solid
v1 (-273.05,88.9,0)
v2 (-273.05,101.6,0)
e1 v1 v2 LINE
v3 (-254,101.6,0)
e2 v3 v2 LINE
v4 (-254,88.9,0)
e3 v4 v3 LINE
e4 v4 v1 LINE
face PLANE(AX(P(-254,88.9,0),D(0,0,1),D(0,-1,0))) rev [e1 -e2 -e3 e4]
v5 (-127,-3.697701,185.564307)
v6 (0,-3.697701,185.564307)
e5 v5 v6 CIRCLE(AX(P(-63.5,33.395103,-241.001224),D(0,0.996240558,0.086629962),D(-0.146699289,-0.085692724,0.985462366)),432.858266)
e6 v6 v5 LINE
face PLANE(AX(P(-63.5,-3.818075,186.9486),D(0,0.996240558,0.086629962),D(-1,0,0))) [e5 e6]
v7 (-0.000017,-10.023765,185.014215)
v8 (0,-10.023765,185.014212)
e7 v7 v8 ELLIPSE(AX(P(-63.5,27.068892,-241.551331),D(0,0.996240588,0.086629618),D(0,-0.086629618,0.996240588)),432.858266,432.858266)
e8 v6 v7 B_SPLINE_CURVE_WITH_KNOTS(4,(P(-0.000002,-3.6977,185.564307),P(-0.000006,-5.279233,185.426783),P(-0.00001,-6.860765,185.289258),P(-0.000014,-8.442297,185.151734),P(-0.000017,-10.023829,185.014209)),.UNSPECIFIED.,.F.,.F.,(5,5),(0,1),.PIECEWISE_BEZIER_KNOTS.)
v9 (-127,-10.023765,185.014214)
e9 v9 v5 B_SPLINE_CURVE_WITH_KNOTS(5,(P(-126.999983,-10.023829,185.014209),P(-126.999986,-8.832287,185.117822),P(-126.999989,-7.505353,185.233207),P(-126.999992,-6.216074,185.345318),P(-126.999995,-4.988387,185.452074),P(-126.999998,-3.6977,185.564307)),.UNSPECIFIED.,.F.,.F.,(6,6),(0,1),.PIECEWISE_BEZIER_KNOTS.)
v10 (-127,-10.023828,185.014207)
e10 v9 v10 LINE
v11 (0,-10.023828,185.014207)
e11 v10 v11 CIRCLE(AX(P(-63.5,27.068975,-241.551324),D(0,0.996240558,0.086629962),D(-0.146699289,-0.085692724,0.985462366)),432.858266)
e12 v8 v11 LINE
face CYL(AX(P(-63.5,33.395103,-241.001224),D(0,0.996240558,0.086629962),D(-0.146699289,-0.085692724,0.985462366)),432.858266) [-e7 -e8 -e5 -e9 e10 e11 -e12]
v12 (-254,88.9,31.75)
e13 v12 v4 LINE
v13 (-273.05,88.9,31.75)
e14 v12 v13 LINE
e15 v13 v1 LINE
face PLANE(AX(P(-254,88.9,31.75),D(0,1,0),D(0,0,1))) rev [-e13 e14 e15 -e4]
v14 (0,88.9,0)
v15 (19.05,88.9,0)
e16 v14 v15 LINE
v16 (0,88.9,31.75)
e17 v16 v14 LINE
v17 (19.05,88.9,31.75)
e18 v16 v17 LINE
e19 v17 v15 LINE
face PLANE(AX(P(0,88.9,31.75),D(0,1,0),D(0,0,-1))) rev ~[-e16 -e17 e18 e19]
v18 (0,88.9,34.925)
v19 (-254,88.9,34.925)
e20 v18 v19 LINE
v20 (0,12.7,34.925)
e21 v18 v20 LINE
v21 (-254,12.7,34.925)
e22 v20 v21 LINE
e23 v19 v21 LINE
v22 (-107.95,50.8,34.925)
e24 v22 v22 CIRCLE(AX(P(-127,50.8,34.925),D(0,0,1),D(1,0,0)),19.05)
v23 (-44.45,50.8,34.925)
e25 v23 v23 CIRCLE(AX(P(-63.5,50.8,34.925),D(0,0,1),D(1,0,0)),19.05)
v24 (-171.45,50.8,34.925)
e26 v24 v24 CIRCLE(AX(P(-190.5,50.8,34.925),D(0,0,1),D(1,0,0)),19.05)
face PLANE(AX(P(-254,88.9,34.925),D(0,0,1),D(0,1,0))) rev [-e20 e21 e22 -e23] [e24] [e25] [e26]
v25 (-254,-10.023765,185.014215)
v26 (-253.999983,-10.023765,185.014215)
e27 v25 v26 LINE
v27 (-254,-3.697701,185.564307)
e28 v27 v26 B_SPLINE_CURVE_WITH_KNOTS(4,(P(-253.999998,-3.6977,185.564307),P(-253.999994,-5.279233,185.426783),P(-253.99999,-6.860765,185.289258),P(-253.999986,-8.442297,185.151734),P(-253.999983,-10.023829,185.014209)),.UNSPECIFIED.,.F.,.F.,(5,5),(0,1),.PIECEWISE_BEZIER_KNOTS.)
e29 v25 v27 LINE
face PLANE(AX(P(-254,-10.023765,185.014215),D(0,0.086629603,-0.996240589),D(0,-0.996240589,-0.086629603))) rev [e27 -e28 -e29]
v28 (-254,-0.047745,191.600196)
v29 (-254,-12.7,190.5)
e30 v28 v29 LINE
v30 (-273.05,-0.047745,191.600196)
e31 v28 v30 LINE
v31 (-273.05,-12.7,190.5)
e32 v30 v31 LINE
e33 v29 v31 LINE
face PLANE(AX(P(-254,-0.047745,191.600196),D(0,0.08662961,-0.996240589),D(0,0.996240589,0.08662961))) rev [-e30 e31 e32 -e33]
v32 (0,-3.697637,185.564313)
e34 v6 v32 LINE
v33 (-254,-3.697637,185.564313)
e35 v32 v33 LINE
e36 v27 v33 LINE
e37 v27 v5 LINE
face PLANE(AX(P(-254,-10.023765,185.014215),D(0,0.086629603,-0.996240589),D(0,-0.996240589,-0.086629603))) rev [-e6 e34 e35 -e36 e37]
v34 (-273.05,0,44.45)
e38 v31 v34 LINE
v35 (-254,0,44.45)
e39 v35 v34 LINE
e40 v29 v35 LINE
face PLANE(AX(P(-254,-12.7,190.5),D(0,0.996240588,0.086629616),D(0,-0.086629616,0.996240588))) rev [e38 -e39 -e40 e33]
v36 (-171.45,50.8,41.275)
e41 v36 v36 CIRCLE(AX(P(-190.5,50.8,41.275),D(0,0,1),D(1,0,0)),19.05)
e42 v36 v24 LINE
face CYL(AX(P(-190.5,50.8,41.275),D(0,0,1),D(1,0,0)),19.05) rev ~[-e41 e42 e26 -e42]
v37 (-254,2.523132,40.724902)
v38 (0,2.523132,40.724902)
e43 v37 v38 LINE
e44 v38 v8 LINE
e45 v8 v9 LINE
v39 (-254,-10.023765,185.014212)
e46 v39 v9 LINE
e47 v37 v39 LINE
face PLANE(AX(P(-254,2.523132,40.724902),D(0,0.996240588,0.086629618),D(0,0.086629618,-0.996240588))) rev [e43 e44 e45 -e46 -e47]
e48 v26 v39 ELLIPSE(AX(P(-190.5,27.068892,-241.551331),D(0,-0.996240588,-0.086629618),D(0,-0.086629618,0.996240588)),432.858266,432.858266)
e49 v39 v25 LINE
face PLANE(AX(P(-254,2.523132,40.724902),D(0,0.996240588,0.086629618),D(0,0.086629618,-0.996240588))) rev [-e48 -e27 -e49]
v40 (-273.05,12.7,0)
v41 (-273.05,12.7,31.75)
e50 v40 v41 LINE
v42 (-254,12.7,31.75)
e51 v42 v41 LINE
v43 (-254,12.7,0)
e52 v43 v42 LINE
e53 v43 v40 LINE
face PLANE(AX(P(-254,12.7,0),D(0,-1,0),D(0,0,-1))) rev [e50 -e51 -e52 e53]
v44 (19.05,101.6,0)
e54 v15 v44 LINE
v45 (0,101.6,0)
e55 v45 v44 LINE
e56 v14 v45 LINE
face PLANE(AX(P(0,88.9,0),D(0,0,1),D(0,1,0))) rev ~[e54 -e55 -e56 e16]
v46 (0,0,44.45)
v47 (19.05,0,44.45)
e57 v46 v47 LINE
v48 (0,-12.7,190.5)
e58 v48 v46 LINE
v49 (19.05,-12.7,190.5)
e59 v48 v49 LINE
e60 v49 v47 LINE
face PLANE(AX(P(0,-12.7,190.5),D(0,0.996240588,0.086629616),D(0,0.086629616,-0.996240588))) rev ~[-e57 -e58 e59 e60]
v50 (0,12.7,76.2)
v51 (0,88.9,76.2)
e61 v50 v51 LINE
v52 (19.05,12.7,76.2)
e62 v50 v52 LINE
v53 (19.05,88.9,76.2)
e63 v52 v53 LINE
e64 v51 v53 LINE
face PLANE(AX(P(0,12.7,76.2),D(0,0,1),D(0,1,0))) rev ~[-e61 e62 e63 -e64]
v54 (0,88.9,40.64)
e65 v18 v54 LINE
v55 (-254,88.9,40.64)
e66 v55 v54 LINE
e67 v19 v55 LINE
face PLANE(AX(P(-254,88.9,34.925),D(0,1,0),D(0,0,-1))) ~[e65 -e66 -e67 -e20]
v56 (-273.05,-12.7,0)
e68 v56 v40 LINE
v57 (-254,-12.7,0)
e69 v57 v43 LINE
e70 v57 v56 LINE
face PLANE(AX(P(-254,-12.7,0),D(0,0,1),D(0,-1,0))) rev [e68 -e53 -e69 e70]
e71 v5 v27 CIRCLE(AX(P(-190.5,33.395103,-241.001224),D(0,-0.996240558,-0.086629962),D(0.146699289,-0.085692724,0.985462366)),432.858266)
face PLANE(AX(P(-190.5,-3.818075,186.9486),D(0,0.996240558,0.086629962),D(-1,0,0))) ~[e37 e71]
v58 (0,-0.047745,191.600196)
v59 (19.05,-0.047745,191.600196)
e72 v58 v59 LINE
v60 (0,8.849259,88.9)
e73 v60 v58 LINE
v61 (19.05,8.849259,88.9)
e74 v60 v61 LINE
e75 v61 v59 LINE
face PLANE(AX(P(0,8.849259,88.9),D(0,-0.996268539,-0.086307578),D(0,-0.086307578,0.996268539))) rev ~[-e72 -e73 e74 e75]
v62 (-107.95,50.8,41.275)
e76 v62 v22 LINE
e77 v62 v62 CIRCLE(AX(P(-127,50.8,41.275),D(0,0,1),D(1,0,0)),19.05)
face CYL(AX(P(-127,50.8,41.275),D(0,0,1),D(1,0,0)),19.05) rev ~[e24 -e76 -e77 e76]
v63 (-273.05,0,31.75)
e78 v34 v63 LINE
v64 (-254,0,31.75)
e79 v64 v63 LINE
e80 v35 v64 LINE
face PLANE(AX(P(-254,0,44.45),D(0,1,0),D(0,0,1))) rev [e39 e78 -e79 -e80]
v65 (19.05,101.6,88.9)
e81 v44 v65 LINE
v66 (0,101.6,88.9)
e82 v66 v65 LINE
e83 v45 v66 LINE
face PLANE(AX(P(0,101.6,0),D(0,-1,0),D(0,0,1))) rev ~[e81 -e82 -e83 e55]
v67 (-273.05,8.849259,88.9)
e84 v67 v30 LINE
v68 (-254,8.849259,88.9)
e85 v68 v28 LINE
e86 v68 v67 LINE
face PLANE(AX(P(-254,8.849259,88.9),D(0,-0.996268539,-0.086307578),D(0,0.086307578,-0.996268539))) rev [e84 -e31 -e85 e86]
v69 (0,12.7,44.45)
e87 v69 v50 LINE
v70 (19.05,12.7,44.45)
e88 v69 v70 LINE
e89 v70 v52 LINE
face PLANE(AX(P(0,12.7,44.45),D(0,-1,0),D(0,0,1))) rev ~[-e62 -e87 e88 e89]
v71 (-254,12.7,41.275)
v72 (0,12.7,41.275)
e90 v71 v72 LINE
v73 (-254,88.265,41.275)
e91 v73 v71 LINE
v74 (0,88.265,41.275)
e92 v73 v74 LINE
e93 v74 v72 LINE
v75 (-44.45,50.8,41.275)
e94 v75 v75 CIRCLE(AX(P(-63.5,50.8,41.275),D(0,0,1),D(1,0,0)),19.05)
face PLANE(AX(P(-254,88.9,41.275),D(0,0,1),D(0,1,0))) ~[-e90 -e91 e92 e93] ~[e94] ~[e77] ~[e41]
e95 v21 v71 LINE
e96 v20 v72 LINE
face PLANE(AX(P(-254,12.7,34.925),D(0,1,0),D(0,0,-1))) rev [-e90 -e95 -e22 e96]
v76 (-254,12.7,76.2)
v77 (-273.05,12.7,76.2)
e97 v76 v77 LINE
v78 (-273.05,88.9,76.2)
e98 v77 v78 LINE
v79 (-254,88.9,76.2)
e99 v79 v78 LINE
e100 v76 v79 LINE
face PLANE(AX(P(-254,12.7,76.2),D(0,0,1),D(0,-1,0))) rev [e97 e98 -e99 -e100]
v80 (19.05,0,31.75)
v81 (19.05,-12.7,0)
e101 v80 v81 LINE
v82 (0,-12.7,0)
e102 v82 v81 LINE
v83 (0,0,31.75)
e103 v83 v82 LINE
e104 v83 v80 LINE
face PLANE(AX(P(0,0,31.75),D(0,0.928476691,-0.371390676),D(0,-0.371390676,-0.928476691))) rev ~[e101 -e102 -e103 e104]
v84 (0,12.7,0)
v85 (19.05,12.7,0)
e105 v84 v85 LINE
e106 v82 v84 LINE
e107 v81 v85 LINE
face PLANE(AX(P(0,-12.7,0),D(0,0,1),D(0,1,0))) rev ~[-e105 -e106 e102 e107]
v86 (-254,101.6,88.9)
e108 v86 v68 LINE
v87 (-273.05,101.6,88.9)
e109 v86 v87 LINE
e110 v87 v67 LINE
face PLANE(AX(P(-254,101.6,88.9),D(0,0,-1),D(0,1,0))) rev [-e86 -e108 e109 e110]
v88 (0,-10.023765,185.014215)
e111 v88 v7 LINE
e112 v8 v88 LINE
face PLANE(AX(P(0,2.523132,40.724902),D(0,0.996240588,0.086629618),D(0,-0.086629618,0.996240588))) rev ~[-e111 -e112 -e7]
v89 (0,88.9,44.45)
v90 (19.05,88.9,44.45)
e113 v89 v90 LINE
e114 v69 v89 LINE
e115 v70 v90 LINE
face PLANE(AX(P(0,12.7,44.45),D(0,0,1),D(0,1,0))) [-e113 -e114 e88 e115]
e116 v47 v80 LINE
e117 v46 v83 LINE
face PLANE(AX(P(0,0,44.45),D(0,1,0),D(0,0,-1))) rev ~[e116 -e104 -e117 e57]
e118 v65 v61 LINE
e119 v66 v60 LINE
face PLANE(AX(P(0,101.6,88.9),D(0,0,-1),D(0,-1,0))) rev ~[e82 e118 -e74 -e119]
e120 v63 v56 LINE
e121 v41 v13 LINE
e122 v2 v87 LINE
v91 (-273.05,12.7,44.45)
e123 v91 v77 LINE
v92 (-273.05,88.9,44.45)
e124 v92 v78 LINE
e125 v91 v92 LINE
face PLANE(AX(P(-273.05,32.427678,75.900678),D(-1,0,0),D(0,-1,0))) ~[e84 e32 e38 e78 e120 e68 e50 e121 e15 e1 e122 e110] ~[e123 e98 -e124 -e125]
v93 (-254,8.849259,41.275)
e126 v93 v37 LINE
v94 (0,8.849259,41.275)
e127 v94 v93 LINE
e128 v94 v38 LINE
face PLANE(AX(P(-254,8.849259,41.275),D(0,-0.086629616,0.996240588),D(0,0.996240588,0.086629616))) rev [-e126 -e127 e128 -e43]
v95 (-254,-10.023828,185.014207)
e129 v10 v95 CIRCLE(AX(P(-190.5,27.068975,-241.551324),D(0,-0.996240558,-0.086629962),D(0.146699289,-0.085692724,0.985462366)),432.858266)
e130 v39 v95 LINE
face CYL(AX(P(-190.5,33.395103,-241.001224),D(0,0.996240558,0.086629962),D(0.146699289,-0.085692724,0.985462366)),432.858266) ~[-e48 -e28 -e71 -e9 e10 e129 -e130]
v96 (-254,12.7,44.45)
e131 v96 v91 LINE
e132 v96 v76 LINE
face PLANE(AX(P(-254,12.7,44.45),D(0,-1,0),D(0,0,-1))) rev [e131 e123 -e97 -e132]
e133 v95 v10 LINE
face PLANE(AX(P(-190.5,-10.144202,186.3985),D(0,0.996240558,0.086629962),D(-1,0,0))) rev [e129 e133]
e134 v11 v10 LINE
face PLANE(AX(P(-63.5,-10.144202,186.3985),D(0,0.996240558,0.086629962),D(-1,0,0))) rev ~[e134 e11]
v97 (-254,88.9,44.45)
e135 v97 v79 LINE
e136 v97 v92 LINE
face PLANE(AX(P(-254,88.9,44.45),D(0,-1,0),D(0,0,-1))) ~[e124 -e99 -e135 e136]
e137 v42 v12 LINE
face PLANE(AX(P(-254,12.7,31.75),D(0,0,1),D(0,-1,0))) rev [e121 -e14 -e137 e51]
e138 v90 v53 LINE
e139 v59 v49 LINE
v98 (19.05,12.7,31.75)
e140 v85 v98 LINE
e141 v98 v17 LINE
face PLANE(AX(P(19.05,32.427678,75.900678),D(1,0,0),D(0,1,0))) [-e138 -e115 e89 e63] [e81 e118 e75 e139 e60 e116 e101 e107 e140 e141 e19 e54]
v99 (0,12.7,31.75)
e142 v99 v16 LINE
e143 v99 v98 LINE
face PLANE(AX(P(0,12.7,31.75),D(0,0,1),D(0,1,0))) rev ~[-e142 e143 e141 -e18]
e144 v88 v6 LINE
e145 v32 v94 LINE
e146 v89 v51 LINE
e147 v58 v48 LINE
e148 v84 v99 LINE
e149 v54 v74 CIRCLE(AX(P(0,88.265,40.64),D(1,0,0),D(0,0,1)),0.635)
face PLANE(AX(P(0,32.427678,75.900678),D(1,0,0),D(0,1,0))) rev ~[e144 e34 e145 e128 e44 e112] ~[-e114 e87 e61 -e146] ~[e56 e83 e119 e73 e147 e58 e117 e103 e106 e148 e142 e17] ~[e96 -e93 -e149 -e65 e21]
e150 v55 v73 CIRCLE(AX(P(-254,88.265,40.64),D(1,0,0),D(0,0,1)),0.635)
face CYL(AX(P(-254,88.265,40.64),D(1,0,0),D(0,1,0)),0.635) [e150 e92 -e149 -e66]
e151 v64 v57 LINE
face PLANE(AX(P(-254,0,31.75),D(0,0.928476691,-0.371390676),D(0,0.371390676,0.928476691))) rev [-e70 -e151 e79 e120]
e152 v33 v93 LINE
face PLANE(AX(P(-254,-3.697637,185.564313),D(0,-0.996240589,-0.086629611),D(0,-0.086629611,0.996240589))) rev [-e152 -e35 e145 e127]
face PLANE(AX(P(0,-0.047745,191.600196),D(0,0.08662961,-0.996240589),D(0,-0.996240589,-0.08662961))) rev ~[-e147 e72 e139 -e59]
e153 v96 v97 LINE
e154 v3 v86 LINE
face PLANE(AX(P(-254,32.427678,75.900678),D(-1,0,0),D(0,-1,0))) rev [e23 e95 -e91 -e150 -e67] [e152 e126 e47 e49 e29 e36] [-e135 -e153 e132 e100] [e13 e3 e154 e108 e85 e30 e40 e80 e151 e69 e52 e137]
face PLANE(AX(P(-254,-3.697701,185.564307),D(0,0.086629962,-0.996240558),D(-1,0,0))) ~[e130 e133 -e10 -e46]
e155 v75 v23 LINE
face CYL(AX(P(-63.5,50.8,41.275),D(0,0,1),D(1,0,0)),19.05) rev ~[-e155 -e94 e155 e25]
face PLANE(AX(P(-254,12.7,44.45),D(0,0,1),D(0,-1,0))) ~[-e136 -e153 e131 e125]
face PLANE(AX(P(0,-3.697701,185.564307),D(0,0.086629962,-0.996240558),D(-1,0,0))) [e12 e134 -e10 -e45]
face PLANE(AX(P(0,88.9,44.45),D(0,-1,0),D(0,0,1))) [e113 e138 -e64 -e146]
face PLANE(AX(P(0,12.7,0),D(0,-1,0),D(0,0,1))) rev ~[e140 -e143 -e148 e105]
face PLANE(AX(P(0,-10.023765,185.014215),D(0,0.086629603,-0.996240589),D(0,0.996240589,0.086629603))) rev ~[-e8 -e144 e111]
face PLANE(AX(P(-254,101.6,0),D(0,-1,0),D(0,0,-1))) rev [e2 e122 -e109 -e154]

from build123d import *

# Parameters (mm, degrees)
F0_W     = 76.2
F0_H     = 31.75
F1_DEPTH = 19.05
F2_W     = 76.2
F2_H     = 6.35
F3_DEPTH = 127
F5_DEPTH = 6.35
F7_R     = 19.05
F8_DEPTH = 25.4
F9_R     = 0.635


with BuildPart() as f1:
    # F0 (on Right) → F1 (new body)
    with BuildSketch(Plane.YZ):
        Polygon((-12.7, 0), (0, 0), (12.7, 0), (12.7, 31.75), (88.9, 31.75), (88.9, 0), (101.6, 0), (101.6, 88.9), (8.849259, 88.9), (-0.047745, 191.600196), (-12.7, 190.5), (0, 44.45), (0, 31.75), align=None)
        with Locations((50.8, 60.325)):
            Rectangle(F0_W, F0_H, mode=Mode.SUBTRACT)
    extrude(amount=F1_DEPTH)

    # F2 (on face) → F3 (join)
    with BuildSketch(Plane(origin=(0, 0, 0), x_dir=(0, -1, 0), z_dir=(-1, 0, 0))):
        with Locations((-50.8, 38.1)):
            Rectangle(F2_W, F2_H)
        Polygon((3.697637, 185.564313), (-8.849259, 41.275), (-2.523132, 40.724902), (10.023765, 185.014215), align=None)
    extrude(amount=F3_DEPTH)

    # F4 (on face) → F5 (join)
    with BuildSketch(Plane(origin=(0, 12.345044, 1.073482), x_dir=(-1, 0, 0), z_dir=(0, 0.996241, 0.08663))):
        with BuildLine():
            Line((0, 185.187025), (127, 185.187025))
            ThreePointArc((127, 185.187025), (63.5, 189.87006), (0, 185.187025))
        make_face()
    extrude(amount=-F5_DEPTH)

    # F6: F1 across face


with BuildPart() as f1_1:
    add(f1.part)
    add(f1.part.mirror(Plane(origin=(-127, -0.587253, 113.144607), x_dir=(0, -1, 0), z_dir=(-1, 0, 0))))

    # F7 (on face) → F8 (cut)
    with BuildSketch(Plane.XY.offset(41.275)):
        with Locations((-190.5, 50.8)):
            Circle(F7_R)
        with Locations((-127, 50.8)):
            Circle(F7_R)
        with Locations((-63.5, 50.8)):
            Circle(F7_R)
    extrude(amount=-F8_DEPTH, mode=Mode.SUBTRACT)

    # F9
    f9_edges = [f1_1.edges().sort_by_distance(p)[0] for p in [
        (-127, 88.9, 41.275),
    ]]
    fillet(f9_edges, radius=F9_R)


solid = f1_1.part
